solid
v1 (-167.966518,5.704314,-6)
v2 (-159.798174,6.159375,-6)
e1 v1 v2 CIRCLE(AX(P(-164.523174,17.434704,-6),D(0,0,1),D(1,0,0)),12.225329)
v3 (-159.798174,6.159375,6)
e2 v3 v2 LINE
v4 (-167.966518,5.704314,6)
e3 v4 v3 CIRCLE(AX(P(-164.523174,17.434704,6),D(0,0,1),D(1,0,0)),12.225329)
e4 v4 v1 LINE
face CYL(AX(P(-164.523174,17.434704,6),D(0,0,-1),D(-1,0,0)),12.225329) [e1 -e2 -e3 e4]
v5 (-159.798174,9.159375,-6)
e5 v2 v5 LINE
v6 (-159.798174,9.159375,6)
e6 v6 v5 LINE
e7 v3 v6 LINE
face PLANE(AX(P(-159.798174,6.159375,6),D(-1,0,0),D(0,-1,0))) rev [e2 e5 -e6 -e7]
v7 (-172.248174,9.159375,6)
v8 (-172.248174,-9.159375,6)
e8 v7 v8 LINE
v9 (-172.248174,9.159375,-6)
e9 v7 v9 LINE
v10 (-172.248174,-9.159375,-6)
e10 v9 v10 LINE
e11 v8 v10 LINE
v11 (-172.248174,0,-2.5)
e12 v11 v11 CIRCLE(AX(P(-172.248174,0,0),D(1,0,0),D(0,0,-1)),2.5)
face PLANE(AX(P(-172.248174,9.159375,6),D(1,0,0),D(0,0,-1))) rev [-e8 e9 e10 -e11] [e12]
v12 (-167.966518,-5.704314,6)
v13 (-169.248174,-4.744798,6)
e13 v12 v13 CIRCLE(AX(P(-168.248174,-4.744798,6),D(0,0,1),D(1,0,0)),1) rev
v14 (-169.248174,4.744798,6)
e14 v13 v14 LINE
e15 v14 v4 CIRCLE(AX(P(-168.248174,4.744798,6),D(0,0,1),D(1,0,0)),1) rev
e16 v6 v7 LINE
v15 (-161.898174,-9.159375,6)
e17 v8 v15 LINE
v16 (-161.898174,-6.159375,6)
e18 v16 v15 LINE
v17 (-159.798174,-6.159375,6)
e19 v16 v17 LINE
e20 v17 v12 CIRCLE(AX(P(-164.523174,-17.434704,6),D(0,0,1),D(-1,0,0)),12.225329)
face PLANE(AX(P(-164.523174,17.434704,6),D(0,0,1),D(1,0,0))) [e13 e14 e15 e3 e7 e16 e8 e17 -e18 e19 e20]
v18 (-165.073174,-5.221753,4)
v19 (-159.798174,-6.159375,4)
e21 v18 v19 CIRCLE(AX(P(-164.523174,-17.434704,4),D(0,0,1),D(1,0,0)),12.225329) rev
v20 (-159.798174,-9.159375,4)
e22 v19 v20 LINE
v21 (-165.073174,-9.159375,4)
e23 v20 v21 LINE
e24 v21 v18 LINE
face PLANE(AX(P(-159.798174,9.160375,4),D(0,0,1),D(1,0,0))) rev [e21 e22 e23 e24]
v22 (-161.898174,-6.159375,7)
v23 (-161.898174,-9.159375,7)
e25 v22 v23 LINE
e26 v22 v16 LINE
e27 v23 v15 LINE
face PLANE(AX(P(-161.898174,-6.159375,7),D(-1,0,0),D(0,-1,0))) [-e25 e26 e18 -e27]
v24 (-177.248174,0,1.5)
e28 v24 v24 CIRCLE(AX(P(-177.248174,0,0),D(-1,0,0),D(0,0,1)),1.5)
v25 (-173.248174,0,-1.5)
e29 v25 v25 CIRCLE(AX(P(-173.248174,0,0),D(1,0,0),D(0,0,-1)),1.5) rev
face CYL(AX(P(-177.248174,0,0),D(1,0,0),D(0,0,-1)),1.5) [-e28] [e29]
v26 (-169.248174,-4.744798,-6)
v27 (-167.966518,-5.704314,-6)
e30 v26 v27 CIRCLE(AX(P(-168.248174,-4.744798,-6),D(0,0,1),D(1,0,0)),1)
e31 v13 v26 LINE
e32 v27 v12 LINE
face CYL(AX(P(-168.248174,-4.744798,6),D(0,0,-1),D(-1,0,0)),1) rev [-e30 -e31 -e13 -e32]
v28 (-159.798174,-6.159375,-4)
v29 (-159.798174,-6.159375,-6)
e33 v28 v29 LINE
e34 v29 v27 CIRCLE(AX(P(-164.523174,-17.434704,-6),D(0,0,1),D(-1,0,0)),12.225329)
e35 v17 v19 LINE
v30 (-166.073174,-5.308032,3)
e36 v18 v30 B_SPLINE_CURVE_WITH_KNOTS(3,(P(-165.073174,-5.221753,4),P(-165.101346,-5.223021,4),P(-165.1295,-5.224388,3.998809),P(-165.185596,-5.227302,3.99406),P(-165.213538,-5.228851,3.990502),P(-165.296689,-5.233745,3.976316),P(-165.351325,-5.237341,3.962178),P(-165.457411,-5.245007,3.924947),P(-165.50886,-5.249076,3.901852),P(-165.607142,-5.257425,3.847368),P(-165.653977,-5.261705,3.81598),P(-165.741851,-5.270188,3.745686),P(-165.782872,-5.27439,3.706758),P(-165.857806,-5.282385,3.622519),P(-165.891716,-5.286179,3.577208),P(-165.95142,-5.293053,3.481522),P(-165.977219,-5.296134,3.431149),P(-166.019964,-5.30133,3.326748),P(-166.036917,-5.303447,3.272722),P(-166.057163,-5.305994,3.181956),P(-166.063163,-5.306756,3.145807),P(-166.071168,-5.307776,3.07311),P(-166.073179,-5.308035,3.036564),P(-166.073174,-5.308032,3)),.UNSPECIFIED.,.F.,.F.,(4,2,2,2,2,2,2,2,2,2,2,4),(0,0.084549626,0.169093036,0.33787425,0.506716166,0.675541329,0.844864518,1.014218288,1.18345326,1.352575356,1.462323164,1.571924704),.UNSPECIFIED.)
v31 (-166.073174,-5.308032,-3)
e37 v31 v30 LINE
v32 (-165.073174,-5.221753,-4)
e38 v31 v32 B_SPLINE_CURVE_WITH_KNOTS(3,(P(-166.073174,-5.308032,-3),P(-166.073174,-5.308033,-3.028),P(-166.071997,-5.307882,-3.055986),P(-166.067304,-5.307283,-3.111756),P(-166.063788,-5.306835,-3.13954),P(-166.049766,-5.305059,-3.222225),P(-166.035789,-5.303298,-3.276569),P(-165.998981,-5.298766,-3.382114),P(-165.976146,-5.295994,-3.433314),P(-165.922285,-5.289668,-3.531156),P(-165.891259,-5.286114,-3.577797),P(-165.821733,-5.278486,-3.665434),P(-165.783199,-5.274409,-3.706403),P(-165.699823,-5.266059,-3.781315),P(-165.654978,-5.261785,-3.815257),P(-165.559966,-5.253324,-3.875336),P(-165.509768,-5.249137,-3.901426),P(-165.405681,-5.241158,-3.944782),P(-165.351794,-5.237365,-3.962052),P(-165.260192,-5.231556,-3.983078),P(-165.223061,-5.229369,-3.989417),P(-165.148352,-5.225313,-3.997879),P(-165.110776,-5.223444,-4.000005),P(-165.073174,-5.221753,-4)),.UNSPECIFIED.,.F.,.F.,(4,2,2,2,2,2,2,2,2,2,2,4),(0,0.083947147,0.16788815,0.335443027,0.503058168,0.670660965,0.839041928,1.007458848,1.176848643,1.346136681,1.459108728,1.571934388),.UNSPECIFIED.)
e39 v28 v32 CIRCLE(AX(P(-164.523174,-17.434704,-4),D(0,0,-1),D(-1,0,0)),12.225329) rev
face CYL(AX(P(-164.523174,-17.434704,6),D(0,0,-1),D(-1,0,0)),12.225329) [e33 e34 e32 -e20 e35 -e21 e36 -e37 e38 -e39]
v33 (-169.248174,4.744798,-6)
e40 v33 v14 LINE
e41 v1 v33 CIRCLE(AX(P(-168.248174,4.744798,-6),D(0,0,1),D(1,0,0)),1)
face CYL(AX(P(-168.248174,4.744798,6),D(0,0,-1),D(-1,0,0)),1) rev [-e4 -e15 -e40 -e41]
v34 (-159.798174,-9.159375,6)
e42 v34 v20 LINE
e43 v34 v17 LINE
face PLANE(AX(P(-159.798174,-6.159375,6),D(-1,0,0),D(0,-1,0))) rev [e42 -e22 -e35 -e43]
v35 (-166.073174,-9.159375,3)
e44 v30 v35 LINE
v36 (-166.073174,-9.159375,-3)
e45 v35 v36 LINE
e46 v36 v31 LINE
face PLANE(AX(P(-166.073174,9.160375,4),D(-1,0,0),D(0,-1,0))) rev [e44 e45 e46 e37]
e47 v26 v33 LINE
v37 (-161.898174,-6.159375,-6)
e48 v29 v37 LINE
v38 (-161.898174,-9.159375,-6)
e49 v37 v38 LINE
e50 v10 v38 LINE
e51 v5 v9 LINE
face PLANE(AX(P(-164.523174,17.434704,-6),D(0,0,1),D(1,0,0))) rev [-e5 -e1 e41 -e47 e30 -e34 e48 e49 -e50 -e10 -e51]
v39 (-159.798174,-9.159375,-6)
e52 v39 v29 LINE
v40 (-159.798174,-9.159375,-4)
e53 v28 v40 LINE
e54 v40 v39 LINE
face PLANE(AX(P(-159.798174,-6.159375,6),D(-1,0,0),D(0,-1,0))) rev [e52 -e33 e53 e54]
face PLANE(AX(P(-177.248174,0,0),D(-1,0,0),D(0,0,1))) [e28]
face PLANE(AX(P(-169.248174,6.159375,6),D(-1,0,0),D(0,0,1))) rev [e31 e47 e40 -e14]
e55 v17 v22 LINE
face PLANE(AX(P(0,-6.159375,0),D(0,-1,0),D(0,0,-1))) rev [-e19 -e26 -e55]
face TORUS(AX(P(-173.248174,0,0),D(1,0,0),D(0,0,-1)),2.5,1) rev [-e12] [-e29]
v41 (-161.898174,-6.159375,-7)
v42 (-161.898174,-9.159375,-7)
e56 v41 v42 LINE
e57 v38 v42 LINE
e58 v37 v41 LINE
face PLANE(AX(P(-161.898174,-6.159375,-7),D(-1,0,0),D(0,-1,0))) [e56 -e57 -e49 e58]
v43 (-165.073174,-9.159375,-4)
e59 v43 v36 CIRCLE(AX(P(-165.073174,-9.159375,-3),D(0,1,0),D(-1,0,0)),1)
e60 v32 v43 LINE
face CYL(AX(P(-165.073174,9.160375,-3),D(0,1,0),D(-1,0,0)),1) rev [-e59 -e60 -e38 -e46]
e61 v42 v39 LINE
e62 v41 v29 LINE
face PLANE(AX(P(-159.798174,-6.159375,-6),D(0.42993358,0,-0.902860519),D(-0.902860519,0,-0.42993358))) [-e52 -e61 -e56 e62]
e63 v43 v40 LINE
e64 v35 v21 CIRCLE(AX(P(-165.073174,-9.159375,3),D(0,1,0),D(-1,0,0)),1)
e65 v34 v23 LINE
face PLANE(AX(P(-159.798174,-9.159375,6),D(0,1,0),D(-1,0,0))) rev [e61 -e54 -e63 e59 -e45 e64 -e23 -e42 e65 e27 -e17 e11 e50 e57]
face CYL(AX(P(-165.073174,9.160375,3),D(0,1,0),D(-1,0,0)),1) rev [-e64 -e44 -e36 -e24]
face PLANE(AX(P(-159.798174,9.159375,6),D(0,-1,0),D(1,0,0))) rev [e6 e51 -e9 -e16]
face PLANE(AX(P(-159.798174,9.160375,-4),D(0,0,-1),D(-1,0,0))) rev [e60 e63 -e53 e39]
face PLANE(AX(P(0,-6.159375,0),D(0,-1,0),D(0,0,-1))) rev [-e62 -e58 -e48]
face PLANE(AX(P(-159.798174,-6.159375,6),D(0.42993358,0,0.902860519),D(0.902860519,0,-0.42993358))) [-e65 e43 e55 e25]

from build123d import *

# Parameters (mm, degrees)
MAINBODY_DEPTH      = 6
HOOK_DEPTH          = 3.000005
FLEX_REACH          = 175.361
FLEX_END_RADIUS     = 12.225328947
SKETCH4_W           = 6.275
SKETCH4_H           = 8
FILLET1_R           = 1
FILLET2_R           = 1
SKETCH7_R           = 1.5
BOSS_EXTRUDE2_DEPTH = 5
FILLET3_R           = 1


with BuildPart() as part:
    # Sketch1 → MainBody (new, symmetric)
    with BuildSketch(Plane.XY):
        with BuildLine():
            Line((-159.798174106, 9.159375), (-172.248174106, 9.159375))
            Line((-172.248174106, 9.159375), (-172.248174106, -9.159375))
            Line((-172.248174106, -9.159375), (-159.798174106, -9.159375))
            Line((-159.798174106, -9.159375), (-159.798174106, -6.159375))
            ThreePointArc((-159.798174106, -6.159375), (-164.523174106, -5.209375), (-169.248174106, -6.159375))
            Line((-169.248174106, -6.159375), (-169.248174106, -5.159375))
            Line((-169.248174106, -5.159375), (-169.248174106, 5.159375))
            Line((-169.248174106, 5.159375), (-169.248174106, 6.159375))
            ThreePointArc((-169.248174106, 6.159375), (-164.523174106, 5.209375), (-159.798174106, 6.159375))
            Line((-159.798174106, 6.159375), (-159.798174106, 9.159375))
        make_face()
    extrude(amount=MAINBODY_DEPTH, both=True)

    # Sketch3 → Hook (add)
    with BuildSketch(Plane.XZ.offset(9.159375)):
        Polygon((-159.798174106, -6), (-161.898174106, -7), (-161.898174106, -6), align=None)
        Polygon((-161.898174106, 6), (-159.798174106, 6), (-161.898174106, 7), align=None)
    extrude(amount=-HOOK_DEPTH)

    # Flex: up to this cylinder (the profile starts inside it)
    flex_end = Plane(origin=(-164.523174106, -17.434703947, 0), z_dir=(0, 0, -1)) * Cylinder(FLEX_END_RADIUS, 376.172657895, mode=Mode.PRIVATE)
    # Sketch4 → Flex (cut, up to the surface)
    with BuildSketch(Plane.XZ.offset(9.159375), mode=Mode.PRIVATE) as flex_sk1:
        with Locations((-162.935674106, 0)):
            Rectangle(SKETCH4_W, SKETCH4_H)
    flex_tool1 = extrude(flex_sk1.sketch, amount=-FLEX_REACH, mode=Mode.PRIVATE) & flex_end
    add(flex_tool1.solids().sort_by_distance((-162.935674, -9.159375, 0))[0], mode=Mode.SUBTRACT)

    # Fillet1
    fillet1_edges = [part.edges().sort_by_distance(p)[0] for p in [
        (-166.073174106, -7.233703596, 4),
        (-166.073174106, -7.233703596, -4),
    ]]
    fillet(fillet1_edges, radius=FILLET1_R)

    # Fillet2
    fillet2_edges = [part.edges().sort_by_distance(p)[0] for p in [
        (-169.248174106, 6.159375, 0),
        (-169.248174106, -6.159375, 0),
    ]]
    fillet(fillet2_edges, radius=FILLET2_R)

    # Sketch7 → Boss-Extrude2 (add)
    with BuildSketch(Plane.ZY.offset(172.248174106)):
        with Locations(Location((0, 0, 0), (0, 0, 180))):
            Circle(SKETCH7_R)
    extrude(amount=BOSS_EXTRUDE2_DEPTH)

    # Fillet3
    fillet3_edges = [part.edges().sort_by_distance(p)[0] for p in [
        (-172.248174106, 0, 1.5),
    ]]
    fillet(fillet3_edges, radius=FILLET3_R)


solid = part.part
